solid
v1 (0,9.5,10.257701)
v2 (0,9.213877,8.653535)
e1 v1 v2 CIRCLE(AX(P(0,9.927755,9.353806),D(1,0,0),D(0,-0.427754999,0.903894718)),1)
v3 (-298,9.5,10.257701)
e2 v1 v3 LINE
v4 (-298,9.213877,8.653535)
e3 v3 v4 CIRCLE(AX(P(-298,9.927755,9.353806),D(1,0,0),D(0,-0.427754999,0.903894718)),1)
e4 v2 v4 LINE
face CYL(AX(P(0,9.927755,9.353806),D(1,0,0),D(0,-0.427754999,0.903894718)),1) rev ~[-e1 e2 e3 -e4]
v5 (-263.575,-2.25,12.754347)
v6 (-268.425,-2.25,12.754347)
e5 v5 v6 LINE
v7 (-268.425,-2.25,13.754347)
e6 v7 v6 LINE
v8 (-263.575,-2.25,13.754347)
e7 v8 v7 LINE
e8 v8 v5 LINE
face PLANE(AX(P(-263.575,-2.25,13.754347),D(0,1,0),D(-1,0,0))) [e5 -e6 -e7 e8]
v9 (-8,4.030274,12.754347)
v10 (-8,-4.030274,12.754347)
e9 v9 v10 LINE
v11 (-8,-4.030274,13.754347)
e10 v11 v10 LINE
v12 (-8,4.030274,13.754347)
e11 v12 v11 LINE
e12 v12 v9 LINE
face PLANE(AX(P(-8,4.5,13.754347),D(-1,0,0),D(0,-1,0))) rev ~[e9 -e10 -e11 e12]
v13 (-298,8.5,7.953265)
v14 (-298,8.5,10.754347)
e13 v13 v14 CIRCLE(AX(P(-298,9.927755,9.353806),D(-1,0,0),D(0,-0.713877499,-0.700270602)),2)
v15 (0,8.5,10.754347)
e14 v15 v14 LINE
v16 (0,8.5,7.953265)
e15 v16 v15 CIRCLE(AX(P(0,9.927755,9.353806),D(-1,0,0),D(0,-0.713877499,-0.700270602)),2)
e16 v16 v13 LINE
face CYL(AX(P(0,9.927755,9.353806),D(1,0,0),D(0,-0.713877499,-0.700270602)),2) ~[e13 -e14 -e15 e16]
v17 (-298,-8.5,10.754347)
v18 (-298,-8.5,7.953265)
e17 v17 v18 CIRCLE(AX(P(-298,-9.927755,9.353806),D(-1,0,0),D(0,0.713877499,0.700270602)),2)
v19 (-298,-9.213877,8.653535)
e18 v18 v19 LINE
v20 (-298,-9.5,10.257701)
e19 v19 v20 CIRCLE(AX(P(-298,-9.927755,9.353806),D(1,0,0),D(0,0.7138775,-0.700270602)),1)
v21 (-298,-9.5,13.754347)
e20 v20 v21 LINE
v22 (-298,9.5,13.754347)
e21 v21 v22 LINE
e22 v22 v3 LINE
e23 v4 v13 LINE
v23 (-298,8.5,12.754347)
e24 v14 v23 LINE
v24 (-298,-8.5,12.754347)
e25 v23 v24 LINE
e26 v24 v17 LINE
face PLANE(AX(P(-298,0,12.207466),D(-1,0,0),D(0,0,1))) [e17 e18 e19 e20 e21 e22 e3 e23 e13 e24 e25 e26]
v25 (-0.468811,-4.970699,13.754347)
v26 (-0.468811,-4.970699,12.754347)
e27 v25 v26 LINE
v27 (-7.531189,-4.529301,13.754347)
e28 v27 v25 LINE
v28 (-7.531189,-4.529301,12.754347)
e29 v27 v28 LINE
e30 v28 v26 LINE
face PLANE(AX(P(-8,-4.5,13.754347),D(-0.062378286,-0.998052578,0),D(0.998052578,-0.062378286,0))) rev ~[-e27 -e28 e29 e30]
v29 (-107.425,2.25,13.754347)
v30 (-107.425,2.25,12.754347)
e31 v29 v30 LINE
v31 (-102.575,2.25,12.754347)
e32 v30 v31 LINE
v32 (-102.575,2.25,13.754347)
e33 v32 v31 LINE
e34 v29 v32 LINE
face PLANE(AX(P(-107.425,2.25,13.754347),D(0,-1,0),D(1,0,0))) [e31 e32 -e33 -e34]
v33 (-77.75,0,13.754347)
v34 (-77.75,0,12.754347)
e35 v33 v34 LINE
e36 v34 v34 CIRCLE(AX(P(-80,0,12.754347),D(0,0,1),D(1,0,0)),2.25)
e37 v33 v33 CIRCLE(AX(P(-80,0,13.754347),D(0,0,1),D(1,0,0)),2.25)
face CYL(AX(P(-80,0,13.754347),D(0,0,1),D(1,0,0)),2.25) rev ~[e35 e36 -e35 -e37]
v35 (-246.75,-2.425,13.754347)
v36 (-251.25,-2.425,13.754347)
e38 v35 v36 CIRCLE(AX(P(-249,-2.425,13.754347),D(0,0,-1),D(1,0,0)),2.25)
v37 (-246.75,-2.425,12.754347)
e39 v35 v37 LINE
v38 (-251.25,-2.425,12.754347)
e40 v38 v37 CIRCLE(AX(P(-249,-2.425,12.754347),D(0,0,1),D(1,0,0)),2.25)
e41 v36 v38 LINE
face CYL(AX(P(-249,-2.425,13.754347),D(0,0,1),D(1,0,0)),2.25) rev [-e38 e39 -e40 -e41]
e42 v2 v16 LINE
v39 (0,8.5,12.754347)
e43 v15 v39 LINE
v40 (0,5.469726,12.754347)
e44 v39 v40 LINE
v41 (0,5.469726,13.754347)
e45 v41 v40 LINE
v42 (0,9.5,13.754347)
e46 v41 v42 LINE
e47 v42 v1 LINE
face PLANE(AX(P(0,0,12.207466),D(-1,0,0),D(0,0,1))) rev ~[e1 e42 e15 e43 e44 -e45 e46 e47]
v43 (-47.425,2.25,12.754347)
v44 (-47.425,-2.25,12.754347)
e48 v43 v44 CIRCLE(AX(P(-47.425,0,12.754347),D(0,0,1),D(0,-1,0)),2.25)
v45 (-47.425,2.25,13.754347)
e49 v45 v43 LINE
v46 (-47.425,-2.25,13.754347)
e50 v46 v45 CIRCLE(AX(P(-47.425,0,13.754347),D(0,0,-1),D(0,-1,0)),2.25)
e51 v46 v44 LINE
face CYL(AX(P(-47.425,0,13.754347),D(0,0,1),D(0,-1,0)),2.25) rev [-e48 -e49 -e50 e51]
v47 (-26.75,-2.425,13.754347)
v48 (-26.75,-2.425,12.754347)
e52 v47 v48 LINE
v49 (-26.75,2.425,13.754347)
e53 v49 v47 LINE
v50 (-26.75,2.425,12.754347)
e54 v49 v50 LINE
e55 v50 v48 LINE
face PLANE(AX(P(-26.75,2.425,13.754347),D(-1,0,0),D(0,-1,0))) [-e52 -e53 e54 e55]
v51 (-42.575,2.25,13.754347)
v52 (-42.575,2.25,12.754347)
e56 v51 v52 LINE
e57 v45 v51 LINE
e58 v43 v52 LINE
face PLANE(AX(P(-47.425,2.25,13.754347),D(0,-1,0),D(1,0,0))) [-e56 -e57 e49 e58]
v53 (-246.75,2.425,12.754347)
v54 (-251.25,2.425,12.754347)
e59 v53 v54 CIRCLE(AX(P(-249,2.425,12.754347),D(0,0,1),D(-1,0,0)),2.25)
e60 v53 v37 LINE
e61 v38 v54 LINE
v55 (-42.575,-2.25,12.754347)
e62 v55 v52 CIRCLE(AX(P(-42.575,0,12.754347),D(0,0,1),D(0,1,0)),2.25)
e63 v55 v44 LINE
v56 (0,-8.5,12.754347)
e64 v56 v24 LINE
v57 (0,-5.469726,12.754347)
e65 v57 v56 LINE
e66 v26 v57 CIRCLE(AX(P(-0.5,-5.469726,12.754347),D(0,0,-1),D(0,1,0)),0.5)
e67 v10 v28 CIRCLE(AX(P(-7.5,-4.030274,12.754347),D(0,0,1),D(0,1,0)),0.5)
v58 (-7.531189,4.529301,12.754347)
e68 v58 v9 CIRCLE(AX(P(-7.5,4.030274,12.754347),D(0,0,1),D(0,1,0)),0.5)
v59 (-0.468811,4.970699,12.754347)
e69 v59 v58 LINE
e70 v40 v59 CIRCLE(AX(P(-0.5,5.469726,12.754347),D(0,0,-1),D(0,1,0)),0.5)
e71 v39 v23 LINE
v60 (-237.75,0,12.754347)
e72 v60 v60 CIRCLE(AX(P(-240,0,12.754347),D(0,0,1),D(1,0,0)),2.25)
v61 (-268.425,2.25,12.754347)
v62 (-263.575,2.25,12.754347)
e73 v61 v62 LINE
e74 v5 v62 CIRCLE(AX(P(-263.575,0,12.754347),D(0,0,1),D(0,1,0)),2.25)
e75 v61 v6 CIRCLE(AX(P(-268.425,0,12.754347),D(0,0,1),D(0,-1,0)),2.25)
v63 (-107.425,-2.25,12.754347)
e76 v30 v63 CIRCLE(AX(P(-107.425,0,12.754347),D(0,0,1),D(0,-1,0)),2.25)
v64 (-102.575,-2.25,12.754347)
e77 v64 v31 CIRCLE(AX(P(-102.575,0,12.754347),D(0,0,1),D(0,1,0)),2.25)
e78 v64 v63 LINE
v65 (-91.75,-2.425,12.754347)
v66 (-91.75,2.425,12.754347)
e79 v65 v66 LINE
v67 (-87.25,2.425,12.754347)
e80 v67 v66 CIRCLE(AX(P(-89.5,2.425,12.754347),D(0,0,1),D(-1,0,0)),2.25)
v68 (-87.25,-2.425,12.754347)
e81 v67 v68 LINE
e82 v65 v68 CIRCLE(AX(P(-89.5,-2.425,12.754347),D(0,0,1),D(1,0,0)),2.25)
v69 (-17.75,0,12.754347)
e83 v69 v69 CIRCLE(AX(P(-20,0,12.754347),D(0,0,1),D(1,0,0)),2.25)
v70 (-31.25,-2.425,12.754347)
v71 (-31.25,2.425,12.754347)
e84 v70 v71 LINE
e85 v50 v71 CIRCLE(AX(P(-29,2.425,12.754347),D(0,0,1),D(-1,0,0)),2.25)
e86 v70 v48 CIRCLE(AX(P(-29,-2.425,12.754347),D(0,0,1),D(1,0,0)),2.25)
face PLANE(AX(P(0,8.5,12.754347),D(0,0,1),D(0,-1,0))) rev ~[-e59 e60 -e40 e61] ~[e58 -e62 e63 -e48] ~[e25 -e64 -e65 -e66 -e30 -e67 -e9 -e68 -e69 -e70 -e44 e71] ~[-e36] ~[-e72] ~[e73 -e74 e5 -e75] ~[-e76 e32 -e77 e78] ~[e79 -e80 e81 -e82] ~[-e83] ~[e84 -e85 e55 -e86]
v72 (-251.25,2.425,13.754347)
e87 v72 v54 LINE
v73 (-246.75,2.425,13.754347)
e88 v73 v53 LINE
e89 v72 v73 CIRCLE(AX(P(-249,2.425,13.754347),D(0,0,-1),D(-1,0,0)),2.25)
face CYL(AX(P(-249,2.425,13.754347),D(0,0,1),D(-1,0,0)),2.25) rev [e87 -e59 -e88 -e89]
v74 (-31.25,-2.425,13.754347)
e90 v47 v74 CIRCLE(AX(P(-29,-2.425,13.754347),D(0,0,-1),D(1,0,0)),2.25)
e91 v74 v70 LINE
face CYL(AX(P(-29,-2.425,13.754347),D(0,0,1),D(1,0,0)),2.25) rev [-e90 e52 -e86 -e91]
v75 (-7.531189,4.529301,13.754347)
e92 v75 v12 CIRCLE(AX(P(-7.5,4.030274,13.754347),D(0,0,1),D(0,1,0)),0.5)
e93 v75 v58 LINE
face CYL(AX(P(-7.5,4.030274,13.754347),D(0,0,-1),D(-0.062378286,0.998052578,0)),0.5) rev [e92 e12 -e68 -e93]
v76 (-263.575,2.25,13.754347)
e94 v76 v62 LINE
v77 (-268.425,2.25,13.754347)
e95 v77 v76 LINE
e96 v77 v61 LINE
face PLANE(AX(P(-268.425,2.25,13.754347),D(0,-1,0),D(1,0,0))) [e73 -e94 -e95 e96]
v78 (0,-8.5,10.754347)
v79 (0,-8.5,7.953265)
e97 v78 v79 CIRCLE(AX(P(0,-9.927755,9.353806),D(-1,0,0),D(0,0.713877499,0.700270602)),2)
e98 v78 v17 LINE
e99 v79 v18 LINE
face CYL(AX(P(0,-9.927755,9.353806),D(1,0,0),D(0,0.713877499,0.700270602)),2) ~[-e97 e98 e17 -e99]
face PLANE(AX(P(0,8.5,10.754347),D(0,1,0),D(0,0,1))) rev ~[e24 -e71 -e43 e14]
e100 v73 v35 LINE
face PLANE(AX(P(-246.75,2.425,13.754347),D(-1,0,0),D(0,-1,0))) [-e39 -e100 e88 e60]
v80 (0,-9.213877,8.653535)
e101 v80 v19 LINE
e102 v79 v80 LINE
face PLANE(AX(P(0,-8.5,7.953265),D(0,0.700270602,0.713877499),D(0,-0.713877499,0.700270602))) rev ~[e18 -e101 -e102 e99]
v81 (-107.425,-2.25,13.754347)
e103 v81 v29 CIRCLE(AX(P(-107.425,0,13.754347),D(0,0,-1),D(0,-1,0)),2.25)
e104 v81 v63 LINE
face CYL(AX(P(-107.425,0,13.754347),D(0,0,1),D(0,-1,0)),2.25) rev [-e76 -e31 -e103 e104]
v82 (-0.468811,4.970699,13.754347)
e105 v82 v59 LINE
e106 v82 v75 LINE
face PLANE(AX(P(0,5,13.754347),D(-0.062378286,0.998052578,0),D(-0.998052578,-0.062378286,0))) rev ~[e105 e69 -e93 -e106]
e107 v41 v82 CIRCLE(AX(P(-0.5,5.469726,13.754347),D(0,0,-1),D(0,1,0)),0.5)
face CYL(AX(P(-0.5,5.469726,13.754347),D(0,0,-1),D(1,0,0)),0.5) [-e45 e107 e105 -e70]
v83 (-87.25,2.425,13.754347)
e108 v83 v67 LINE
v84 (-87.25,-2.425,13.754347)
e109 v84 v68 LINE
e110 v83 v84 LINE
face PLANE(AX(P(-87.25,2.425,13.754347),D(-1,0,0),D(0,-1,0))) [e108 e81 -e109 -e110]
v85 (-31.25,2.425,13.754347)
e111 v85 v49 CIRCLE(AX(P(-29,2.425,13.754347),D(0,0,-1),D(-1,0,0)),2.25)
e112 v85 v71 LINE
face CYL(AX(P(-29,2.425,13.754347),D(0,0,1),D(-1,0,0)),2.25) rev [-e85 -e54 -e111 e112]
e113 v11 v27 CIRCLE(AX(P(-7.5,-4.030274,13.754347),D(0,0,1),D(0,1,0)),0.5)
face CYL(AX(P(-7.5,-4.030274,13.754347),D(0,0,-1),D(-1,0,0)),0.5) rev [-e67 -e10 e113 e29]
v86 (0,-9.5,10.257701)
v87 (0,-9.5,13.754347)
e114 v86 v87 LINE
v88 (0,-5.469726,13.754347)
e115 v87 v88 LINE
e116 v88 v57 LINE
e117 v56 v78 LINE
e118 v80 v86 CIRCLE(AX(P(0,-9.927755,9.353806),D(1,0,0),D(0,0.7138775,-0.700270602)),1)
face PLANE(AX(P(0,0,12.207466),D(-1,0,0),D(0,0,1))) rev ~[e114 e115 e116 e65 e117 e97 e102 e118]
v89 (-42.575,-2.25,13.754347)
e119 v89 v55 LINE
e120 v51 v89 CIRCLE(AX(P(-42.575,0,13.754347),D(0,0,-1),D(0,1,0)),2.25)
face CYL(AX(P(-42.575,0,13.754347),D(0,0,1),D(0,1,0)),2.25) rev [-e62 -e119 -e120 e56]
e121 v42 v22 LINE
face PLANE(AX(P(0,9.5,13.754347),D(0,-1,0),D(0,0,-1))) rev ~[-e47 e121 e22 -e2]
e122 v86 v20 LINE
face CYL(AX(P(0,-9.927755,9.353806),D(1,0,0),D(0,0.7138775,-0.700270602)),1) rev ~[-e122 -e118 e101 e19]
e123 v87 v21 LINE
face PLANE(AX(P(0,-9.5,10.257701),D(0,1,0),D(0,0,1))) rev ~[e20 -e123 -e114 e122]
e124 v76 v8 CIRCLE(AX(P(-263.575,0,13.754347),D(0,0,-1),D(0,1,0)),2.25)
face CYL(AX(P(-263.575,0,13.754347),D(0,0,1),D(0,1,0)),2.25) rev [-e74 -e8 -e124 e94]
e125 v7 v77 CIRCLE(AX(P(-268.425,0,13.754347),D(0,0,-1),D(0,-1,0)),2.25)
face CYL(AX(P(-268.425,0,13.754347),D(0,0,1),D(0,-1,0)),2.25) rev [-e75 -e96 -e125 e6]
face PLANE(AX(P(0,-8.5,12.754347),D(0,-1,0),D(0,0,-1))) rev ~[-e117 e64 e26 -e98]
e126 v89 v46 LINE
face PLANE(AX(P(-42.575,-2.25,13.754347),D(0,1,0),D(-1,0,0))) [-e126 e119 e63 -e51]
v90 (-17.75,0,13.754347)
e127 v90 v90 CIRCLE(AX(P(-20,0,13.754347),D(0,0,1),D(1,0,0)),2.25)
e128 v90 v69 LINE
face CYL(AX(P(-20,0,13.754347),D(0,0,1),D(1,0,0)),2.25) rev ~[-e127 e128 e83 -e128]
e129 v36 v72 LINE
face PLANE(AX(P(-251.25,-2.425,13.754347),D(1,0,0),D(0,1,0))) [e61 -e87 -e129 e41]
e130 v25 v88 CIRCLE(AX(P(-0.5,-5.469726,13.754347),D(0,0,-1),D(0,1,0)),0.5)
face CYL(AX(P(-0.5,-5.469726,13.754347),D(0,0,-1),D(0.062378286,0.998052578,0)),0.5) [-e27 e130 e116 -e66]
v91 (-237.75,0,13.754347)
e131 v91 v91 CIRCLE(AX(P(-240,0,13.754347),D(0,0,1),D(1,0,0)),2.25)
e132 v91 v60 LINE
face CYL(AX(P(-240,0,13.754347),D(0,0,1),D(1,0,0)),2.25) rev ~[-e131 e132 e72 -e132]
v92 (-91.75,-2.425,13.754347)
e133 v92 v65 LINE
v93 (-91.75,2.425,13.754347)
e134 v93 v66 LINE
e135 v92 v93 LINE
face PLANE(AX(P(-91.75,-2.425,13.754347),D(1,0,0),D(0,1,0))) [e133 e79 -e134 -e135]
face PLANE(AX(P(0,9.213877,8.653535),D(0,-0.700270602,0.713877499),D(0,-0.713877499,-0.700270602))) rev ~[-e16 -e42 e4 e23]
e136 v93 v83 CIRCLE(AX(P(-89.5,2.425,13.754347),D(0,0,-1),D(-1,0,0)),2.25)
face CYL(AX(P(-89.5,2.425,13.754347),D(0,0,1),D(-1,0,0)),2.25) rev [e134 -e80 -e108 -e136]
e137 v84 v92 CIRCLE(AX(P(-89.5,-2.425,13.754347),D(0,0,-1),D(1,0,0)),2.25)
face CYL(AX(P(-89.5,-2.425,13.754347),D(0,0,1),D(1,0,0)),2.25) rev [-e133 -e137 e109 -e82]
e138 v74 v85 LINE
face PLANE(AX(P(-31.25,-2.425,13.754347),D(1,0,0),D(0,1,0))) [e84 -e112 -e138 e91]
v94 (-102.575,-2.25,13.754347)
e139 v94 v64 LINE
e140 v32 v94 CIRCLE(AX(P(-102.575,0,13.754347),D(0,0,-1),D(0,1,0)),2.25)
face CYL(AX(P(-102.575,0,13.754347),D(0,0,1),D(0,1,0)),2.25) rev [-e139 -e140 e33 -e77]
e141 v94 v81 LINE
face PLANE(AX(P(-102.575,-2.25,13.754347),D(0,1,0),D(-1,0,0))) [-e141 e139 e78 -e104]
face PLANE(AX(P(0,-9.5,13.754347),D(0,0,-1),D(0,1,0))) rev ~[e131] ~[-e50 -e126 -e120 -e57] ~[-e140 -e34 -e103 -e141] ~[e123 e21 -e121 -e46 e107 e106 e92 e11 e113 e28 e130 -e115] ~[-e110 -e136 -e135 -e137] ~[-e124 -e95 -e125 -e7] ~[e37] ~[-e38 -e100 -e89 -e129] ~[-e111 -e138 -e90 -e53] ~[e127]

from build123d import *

# Parameters (mm, degrees)
EXTRUDE_THIN1_DEPTH   = 298
ESBO_O1_R             = 2.25
CORTE_EXTRUS_O1_DEPTH = 299.207817733
FILETE1_R             = 0.5


with BuildPart() as part:
    # Sketch1 → Extrude-Thin1 (new body)
    with BuildSketch(Plane(origin=(0, 0, 0), x_dir=(0, 0, -1), z_dir=(1, 0, 0))):
        with BuildLine():
            ThreePointArc((-7.953264718, 8.5), (-9.353805922, 7.927754998), (-10.754347127, 8.5))
            Line((-10.754347127, 8.5), (-12.754347127, 8.5))
            Line((-12.754347127, 8.5), (-12.754347127, -8.5))
            Line((-12.754347127, -8.5), (-10.754347127, -8.5))
            ThreePointArc((-10.754347127, -8.5), (-9.353805922, -7.927754998), (-7.953264718, -8.5))
            Line((-7.953264718, -8.5), (-8.65353532, -9.213877499))
            ThreePointArc((-8.65353532, -9.213877499), (-9.529396971, -8.943291803), (-10.25770064, -9.5))
            Line((-10.25770064, -9.5), (-13.754347127, -9.5))
            Line((-13.754347127, -9.5), (-13.754347127, 9.5))
            Line((-13.754347127, 9.5), (-10.25770064, 9.5))
            ThreePointArc((-10.25770064, 9.5), (-9.529396971, 8.943291803), (-8.65353532, 9.213877499))
            Line((-8.65353532, 9.213877499), (-7.953264718, 8.5))
        make_face()
    extrude(amount=-EXTRUDE_THIN1_DEPTH)

    # Esboço1 → Corte-extrusão1 (cut, through all)
    with BuildSketch(Plane.XY.offset(13.754347127)):
        with Locations((-240, 0)):
            Circle(ESBO_O1_R)
        with Locations((-20, 0)):
            Circle(ESBO_O1_R)
        with Locations((-80, 0)):
            Circle(ESBO_O1_R)
        with BuildLine():
            Line((-268.425, 2.25), (-263.575, 2.25))
            ThreePointArc((-263.575, 2.25), (-261.325, 0), (-263.575, -2.25))
            Line((-263.575, -2.25), (-268.425, -2.25))
            ThreePointArc((-268.425, -2.25), (-270.675, 0), (-268.425, 2.25))
        make_face()
        with BuildLine():
            Line((-246.75, 2.425), (-246.75, -2.425))
            ThreePointArc((-246.75, -2.425), (-249, -4.675), (-251.25, -2.425))
            Line((-251.25, -2.425), (-251.25, 2.425))
            ThreePointArc((-251.25, 2.425), (-249, 4.675), (-246.75, 2.425))
        make_face()
        Polygon((-8, 4.5), (-8, -4.5), (0, -5), (0, 5), align=None)
        with BuildLine():
            Line((-47.425, 2.25), (-42.575, 2.25))
            ThreePointArc((-42.575, 2.25), (-40.325, 0), (-42.575, -2.25))
            Line((-42.575, -2.25), (-47.425, -2.25))
            ThreePointArc((-47.425, -2.25), (-49.675, 0), (-47.425, 2.25))
        make_face()
        with BuildLine():
            Line((-26.75, 2.425), (-26.75, -2.425))
            ThreePointArc((-26.75, -2.425), (-29, -4.675), (-31.25, -2.425))
            Line((-31.25, -2.425), (-31.25, 2.425))
            ThreePointArc((-31.25, 2.425), (-29, 4.675), (-26.75, 2.425))
        make_face()
        with BuildLine():
            Line((-107.425, 2.25), (-102.575, 2.25))
            ThreePointArc((-102.575, 2.25), (-100.325, 0), (-102.575, -2.25))
            Line((-102.575, -2.25), (-107.425, -2.25))
            ThreePointArc((-107.425, -2.25), (-109.675, 0), (-107.425, 2.25))
        make_face()
        with BuildLine():
            Line((-87.25, 2.425), (-87.25, -2.425))
            ThreePointArc((-87.25, -2.425), (-89.5, -4.675), (-91.75, -2.425))
            Line((-91.75, -2.425), (-91.75, 2.425))
            ThreePointArc((-91.75, 2.425), (-89.5, 4.675), (-87.25, 2.425))
        make_face()
    extrude(amount=-CORTE_EXTRUS_O1_DEPTH, mode=Mode.SUBTRACT)

    # Filete1
    filete1_edges = [part.edges().sort_by_distance(p)[0] for p in [
        (-8, -4.5, 13.254347127),
        (-8, 4.5, 13.254347127),
        (0, 5, 13.254347127),
        (0, -5, 13.254347127),
    ]]
    fillet(filete1_edges, radius=FILETE1_R)


solid = part.part
